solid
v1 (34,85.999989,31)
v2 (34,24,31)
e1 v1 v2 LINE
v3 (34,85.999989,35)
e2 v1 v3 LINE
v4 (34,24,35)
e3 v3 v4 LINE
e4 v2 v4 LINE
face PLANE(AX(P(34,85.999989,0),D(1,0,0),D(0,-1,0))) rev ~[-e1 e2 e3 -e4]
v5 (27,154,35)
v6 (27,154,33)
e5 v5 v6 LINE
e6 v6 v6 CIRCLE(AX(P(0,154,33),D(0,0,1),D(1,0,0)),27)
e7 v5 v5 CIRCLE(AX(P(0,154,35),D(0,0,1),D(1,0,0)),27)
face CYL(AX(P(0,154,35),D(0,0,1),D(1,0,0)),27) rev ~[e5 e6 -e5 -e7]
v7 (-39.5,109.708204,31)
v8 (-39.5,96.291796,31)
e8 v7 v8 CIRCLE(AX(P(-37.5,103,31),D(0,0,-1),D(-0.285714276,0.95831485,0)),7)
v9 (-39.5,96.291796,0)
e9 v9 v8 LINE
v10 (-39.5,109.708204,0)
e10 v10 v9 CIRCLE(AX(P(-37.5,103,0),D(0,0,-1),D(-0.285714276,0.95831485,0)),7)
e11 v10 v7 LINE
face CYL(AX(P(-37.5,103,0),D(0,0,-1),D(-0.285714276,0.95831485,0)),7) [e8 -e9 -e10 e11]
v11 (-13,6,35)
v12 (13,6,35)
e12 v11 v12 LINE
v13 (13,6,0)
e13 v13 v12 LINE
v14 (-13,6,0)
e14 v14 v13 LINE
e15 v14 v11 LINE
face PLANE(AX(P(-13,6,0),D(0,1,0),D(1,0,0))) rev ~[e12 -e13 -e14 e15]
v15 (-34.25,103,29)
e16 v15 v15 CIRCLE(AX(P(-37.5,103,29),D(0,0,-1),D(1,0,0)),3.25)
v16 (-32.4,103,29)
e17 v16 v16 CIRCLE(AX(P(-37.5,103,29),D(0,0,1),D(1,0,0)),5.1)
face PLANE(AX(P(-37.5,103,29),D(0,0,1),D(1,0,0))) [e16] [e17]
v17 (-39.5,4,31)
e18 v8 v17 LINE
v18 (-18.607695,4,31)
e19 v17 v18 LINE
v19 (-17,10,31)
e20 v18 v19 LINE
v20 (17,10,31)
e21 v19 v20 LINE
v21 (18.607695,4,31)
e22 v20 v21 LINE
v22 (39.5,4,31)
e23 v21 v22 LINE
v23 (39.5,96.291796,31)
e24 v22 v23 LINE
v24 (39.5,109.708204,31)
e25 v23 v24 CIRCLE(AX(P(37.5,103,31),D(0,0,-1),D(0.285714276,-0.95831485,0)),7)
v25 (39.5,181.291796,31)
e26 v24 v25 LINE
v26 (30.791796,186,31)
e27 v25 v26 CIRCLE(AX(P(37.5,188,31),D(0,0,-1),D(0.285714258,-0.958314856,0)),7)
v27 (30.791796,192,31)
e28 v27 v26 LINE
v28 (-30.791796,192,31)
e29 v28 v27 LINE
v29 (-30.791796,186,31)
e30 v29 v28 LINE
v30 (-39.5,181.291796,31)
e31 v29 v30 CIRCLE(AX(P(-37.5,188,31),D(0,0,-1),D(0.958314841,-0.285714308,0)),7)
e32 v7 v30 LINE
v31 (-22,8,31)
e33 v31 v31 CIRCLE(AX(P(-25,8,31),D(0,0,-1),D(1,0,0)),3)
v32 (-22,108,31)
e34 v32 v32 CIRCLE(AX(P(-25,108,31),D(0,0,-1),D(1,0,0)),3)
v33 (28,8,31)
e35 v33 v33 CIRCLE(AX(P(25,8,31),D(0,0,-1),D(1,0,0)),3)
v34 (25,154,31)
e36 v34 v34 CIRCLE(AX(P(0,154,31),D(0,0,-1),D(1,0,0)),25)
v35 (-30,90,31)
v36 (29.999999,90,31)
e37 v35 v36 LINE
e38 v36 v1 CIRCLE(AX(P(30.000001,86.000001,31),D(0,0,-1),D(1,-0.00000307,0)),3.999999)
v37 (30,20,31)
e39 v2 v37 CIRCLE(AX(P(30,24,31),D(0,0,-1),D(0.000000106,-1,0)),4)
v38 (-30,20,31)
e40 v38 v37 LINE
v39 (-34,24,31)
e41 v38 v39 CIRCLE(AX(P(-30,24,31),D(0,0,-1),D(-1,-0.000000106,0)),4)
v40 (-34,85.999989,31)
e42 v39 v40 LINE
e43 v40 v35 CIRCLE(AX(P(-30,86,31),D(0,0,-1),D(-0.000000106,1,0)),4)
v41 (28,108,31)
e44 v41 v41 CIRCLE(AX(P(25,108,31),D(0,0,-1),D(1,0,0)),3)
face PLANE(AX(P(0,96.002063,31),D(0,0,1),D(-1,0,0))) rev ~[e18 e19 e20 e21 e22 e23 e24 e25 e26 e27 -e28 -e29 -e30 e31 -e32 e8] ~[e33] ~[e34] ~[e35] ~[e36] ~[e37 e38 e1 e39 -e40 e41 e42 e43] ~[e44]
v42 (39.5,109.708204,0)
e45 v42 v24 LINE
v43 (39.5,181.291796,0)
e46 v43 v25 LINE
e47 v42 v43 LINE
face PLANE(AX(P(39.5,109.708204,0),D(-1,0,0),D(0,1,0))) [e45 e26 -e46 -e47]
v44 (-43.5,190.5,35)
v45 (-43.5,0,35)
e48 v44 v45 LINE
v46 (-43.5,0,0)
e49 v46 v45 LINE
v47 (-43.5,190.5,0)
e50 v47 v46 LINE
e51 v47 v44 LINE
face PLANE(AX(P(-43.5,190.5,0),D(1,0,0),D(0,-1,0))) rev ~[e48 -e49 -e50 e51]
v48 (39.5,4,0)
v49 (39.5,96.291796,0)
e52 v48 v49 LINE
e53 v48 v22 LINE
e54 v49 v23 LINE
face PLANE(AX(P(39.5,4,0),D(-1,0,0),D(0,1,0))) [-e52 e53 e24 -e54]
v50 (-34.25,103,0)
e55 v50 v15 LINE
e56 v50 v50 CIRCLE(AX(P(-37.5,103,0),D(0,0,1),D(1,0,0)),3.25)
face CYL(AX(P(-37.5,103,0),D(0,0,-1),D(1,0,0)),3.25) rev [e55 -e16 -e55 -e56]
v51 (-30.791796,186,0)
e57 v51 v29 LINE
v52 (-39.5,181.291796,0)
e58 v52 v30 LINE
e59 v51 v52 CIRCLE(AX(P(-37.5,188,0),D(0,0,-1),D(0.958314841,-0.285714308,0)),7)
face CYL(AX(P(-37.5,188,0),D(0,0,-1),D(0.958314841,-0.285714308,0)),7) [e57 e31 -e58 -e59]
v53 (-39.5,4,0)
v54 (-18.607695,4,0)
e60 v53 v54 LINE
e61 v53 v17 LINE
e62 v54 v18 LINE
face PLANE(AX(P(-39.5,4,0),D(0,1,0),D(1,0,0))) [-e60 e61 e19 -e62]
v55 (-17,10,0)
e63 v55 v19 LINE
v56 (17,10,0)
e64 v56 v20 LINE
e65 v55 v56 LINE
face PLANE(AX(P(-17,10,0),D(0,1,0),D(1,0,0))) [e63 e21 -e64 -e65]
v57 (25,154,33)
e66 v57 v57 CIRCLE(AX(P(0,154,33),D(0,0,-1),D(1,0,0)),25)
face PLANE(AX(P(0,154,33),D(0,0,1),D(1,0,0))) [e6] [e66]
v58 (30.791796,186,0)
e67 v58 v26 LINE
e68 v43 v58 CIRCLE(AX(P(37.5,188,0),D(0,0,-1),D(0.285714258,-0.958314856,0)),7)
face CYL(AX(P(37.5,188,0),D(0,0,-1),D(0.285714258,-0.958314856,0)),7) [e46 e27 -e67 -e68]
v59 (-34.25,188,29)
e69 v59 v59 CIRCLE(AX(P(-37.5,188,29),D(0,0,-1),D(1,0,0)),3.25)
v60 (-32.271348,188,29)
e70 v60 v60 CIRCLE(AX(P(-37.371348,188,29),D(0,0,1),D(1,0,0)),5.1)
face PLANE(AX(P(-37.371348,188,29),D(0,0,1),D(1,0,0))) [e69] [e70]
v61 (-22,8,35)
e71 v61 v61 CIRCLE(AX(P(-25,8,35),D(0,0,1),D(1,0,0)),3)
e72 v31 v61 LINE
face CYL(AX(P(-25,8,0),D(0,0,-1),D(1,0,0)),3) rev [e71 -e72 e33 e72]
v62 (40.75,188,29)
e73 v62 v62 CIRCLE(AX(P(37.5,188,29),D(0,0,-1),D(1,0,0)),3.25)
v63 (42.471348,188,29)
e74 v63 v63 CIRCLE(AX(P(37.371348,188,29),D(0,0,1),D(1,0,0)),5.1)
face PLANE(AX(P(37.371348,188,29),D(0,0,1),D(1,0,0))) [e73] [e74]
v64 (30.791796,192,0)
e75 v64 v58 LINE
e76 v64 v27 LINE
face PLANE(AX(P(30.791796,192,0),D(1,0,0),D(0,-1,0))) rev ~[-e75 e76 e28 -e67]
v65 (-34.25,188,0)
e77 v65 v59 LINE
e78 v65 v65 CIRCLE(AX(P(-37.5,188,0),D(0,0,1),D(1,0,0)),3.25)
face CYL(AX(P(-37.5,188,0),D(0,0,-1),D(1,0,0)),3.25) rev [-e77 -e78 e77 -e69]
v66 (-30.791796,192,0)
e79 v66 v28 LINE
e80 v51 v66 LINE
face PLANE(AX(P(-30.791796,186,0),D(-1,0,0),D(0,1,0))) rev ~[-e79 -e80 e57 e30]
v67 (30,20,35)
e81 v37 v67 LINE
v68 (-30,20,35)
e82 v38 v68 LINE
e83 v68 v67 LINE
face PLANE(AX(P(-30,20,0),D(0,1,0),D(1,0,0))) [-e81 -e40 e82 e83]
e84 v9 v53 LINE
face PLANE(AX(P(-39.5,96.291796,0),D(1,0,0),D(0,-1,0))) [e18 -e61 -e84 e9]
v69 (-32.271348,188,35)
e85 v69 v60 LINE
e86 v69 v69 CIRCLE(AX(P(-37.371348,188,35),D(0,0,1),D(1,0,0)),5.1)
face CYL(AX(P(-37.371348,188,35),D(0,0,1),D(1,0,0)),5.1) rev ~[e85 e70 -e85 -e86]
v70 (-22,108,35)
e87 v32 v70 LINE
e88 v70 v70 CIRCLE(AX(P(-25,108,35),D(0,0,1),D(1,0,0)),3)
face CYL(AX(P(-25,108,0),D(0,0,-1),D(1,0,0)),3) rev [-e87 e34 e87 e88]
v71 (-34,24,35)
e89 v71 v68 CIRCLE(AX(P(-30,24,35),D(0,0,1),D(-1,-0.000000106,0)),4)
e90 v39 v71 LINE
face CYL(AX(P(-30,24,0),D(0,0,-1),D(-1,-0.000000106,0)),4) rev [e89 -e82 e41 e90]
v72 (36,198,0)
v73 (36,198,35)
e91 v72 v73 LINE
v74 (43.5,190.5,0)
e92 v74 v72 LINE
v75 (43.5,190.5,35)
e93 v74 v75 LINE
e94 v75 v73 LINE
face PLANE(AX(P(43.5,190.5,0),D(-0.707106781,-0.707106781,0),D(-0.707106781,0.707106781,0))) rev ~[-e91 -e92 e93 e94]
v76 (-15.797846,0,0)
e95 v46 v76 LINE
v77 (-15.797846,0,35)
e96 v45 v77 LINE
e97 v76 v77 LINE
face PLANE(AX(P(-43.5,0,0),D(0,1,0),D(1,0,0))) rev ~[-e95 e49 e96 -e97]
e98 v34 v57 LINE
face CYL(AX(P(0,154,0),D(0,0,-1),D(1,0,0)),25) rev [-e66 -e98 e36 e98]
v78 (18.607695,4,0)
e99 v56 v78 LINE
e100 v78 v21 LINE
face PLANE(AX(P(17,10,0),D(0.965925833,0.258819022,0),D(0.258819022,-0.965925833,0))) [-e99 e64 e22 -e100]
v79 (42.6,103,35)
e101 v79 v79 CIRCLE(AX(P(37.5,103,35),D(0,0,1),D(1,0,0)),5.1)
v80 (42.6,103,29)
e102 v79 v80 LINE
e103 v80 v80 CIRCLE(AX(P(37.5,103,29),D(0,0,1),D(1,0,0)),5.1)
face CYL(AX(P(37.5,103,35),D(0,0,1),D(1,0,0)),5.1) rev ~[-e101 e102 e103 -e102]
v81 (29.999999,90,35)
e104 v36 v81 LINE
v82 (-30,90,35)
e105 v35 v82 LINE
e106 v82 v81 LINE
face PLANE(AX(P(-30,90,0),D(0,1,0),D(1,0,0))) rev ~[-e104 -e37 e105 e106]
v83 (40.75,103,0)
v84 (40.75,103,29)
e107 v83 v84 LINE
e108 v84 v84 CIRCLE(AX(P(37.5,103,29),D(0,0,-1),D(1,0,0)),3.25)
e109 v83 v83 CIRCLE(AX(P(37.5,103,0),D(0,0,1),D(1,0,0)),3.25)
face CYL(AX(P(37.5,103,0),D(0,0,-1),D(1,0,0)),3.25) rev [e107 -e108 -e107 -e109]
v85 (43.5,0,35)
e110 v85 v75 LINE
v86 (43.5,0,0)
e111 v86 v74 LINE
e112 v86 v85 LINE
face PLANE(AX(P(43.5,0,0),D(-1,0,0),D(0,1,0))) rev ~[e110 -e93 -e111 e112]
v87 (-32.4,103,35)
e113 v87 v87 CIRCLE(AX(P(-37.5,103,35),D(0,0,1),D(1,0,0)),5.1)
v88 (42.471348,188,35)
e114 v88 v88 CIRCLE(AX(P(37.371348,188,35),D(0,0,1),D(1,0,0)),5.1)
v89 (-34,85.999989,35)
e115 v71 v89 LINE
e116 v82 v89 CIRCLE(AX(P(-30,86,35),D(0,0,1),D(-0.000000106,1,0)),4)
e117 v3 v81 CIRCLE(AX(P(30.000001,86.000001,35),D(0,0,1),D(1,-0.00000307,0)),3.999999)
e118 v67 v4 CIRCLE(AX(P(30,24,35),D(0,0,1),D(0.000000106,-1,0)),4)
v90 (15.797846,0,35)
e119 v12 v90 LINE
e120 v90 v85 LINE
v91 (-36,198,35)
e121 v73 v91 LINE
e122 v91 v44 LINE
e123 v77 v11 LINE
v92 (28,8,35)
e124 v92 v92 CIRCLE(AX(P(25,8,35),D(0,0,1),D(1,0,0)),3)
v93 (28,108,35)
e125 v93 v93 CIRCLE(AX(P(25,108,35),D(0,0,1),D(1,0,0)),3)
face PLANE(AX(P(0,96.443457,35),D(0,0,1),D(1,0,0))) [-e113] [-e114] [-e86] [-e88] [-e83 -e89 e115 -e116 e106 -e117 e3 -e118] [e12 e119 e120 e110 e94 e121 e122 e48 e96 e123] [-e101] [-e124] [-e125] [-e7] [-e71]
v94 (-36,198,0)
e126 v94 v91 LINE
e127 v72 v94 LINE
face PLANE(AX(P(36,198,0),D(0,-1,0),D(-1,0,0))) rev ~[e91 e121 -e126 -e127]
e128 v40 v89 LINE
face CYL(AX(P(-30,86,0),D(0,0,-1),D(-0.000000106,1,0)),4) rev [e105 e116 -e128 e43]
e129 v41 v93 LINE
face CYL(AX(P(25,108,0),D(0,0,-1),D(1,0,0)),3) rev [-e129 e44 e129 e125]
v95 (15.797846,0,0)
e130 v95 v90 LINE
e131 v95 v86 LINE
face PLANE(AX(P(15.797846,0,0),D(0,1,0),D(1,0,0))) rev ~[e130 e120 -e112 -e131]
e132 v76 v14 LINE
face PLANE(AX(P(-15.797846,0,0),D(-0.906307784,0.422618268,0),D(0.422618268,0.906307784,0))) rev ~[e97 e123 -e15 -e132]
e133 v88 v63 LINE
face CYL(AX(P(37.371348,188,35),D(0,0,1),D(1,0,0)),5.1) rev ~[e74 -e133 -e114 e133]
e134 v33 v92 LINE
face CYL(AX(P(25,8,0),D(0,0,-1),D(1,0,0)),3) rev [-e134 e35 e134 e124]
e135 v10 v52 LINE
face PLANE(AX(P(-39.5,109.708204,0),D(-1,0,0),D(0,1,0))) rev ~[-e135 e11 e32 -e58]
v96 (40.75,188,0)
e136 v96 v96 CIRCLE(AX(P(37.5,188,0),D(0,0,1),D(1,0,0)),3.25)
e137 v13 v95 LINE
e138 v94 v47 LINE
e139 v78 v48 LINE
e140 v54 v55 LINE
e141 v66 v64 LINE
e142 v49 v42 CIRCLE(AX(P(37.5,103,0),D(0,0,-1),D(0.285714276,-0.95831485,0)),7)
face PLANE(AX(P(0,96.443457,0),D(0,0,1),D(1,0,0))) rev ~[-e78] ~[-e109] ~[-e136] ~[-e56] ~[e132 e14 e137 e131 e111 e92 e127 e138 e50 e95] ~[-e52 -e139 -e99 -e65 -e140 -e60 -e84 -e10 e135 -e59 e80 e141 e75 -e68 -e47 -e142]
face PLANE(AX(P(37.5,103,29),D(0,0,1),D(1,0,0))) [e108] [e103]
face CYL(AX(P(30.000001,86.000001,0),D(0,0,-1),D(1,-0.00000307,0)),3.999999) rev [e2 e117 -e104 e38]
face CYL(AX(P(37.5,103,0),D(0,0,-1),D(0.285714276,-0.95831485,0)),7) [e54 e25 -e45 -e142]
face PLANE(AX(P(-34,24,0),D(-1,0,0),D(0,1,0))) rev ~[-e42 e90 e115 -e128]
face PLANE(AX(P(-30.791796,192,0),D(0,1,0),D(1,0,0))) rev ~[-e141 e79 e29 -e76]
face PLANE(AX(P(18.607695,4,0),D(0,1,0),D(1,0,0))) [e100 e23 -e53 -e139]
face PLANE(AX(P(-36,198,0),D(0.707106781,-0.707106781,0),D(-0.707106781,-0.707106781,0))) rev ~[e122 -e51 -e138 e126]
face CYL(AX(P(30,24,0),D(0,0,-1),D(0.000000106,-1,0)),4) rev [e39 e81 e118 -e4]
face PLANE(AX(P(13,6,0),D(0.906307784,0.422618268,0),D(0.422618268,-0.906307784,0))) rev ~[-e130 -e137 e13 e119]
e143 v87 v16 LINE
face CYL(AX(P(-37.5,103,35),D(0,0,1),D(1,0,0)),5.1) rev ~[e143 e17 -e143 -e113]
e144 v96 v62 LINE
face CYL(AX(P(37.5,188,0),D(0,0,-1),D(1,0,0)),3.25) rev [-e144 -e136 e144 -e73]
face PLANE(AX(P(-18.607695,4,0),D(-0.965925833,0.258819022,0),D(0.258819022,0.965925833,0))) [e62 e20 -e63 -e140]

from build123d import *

# Parameters (mm, degrees)
SKETCH_R        = 3.25
SKETCH_R_2      = 3
SKETCH_R_3      = 25
PAD_DEPTH       = 35
POCKET_DEPTH    = 31
SKETCH003_R     = 5.1
POCKET001_DEPTH = 6
SKETCH004_R     = 27
POCKET002_DEPTH = 2


with BuildPart() as part:
    # Sketch → Pad (new body)
    with BuildSketch(Plane.XY):
        Polygon((-43.5, 190.5), (-43.5, 0), (-15.797846, 0), (-13, 6), (13, 6), (15.797846, 0), (43.5, 0), (43.5, 190.5), (36, 198), (-36, 198), align=None)
        with Locations((-37.5, 188)):
            Circle(SKETCH_R, mode=Mode.SUBTRACT)
        with Locations((37.5, 188)):
            Circle(SKETCH_R, mode=Mode.SUBTRACT)
        with Locations((-25, 108)):
            Circle(SKETCH_R_2, mode=Mode.SUBTRACT)
        with Locations((25, 108)):
            Circle(SKETCH_R_2, mode=Mode.SUBTRACT)
        with Locations((37.5, 103)):
            Circle(SKETCH_R, mode=Mode.SUBTRACT)
        with Locations((-37.5, 103)):
            Circle(SKETCH_R, mode=Mode.SUBTRACT)
        with Locations((-25, 8)):
            Circle(SKETCH_R_2, mode=Mode.SUBTRACT)
        with Locations((25, 8)):
            Circle(SKETCH_R_2, mode=Mode.SUBTRACT)
        with Locations((0, 154)):
            Circle(SKETCH_R_3, mode=Mode.SUBTRACT)
        with BuildLine():
            ThreePointArc((-30, 90), (-32.828431, 88.828423), (-34, 85.999989))
            Line((-34, 24), (-34, 85.999989))
            ThreePointArc((-34, 24), (-32.828427, 21.171573), (-30, 20))
            Line((-30, 20), (30, 20))
            ThreePointArc((30, 20), (32.828427, 21.171573), (34, 24))
            Line((34, 85.999989), (34, 24))
            ThreePointArc((34, 85.999989), (32.828431, 88.828424), (29.999999, 90))
            Line((-30, 90), (29.999999, 90))
        make_face(mode=Mode.SUBTRACT)
    extrude(amount=PAD_DEPTH)

    # Sketch002 → Pocket (cut)
    with BuildSketch(Plane(origin=(0, 0, 0), x_dir=(1, 0, 0), z_dir=(0, 0, -1))):
        with BuildLine():
            Line((-39.5, -96.291796), (-39.5, -4))
            Line((-39.5, -4), (-18.607695, -4))
            Line((-18.607695, -4), (-17, -10))
            Line((-17, -10), (17, -10))
            Line((17, -10), (18.607695, -4))
            Line((18.607695, -4), (39.5, -4))
            Line((39.5, -4), (39.5, -96.291796))
            ThreePointArc((39.5, -96.291796), (30.5, -103), (39.5, -109.708204))
            Line((39.5, -109.708204), (39.5, -181.291796))
            ThreePointArc((39.5, -181.291796), (34.170797, -181.84237), (30.791796, -186))
            Line((30.791796, -192), (30.791796, -186))
            Line((-30.791796, -192), (30.791796, -192))
            Line((-30.791796, -186), (-30.791796, -192))
            ThreePointArc((-30.791796, -186), (-34.170797, -181.84237), (-39.5, -181.291796))
            Line((-39.5, -109.708204), (-39.5, -181.291796))
            ThreePointArc((-39.5, -109.708204), (-30.5, -103), (-39.5, -96.291796))
        make_face()
    extrude(amount=-POCKET_DEPTH, mode=Mode.SUBTRACT)

    # Sketch003 → Pocket001 (cut)
    with BuildSketch(Plane.XY.offset(35)):
        with Locations((-37.371348, 188)):
            Circle(SKETCH003_R)
        with Locations((37.371348, 188)):
            Circle(SKETCH003_R)
        with Locations((-37.5, 103)):
            Circle(SKETCH003_R)
        with Locations((37.5, 103)):
            Circle(SKETCH003_R)
    extrude(amount=-POCKET001_DEPTH, mode=Mode.SUBTRACT)

    # Sketch004 → Pocket002 (cut)
    with BuildSketch(Plane.XY.offset(35)):
        with Locations((0, 154)):
            Circle(SKETCH004_R)
    extrude(amount=-POCKET002_DEPTH, mode=Mode.SUBTRACT)


solid = part.part
